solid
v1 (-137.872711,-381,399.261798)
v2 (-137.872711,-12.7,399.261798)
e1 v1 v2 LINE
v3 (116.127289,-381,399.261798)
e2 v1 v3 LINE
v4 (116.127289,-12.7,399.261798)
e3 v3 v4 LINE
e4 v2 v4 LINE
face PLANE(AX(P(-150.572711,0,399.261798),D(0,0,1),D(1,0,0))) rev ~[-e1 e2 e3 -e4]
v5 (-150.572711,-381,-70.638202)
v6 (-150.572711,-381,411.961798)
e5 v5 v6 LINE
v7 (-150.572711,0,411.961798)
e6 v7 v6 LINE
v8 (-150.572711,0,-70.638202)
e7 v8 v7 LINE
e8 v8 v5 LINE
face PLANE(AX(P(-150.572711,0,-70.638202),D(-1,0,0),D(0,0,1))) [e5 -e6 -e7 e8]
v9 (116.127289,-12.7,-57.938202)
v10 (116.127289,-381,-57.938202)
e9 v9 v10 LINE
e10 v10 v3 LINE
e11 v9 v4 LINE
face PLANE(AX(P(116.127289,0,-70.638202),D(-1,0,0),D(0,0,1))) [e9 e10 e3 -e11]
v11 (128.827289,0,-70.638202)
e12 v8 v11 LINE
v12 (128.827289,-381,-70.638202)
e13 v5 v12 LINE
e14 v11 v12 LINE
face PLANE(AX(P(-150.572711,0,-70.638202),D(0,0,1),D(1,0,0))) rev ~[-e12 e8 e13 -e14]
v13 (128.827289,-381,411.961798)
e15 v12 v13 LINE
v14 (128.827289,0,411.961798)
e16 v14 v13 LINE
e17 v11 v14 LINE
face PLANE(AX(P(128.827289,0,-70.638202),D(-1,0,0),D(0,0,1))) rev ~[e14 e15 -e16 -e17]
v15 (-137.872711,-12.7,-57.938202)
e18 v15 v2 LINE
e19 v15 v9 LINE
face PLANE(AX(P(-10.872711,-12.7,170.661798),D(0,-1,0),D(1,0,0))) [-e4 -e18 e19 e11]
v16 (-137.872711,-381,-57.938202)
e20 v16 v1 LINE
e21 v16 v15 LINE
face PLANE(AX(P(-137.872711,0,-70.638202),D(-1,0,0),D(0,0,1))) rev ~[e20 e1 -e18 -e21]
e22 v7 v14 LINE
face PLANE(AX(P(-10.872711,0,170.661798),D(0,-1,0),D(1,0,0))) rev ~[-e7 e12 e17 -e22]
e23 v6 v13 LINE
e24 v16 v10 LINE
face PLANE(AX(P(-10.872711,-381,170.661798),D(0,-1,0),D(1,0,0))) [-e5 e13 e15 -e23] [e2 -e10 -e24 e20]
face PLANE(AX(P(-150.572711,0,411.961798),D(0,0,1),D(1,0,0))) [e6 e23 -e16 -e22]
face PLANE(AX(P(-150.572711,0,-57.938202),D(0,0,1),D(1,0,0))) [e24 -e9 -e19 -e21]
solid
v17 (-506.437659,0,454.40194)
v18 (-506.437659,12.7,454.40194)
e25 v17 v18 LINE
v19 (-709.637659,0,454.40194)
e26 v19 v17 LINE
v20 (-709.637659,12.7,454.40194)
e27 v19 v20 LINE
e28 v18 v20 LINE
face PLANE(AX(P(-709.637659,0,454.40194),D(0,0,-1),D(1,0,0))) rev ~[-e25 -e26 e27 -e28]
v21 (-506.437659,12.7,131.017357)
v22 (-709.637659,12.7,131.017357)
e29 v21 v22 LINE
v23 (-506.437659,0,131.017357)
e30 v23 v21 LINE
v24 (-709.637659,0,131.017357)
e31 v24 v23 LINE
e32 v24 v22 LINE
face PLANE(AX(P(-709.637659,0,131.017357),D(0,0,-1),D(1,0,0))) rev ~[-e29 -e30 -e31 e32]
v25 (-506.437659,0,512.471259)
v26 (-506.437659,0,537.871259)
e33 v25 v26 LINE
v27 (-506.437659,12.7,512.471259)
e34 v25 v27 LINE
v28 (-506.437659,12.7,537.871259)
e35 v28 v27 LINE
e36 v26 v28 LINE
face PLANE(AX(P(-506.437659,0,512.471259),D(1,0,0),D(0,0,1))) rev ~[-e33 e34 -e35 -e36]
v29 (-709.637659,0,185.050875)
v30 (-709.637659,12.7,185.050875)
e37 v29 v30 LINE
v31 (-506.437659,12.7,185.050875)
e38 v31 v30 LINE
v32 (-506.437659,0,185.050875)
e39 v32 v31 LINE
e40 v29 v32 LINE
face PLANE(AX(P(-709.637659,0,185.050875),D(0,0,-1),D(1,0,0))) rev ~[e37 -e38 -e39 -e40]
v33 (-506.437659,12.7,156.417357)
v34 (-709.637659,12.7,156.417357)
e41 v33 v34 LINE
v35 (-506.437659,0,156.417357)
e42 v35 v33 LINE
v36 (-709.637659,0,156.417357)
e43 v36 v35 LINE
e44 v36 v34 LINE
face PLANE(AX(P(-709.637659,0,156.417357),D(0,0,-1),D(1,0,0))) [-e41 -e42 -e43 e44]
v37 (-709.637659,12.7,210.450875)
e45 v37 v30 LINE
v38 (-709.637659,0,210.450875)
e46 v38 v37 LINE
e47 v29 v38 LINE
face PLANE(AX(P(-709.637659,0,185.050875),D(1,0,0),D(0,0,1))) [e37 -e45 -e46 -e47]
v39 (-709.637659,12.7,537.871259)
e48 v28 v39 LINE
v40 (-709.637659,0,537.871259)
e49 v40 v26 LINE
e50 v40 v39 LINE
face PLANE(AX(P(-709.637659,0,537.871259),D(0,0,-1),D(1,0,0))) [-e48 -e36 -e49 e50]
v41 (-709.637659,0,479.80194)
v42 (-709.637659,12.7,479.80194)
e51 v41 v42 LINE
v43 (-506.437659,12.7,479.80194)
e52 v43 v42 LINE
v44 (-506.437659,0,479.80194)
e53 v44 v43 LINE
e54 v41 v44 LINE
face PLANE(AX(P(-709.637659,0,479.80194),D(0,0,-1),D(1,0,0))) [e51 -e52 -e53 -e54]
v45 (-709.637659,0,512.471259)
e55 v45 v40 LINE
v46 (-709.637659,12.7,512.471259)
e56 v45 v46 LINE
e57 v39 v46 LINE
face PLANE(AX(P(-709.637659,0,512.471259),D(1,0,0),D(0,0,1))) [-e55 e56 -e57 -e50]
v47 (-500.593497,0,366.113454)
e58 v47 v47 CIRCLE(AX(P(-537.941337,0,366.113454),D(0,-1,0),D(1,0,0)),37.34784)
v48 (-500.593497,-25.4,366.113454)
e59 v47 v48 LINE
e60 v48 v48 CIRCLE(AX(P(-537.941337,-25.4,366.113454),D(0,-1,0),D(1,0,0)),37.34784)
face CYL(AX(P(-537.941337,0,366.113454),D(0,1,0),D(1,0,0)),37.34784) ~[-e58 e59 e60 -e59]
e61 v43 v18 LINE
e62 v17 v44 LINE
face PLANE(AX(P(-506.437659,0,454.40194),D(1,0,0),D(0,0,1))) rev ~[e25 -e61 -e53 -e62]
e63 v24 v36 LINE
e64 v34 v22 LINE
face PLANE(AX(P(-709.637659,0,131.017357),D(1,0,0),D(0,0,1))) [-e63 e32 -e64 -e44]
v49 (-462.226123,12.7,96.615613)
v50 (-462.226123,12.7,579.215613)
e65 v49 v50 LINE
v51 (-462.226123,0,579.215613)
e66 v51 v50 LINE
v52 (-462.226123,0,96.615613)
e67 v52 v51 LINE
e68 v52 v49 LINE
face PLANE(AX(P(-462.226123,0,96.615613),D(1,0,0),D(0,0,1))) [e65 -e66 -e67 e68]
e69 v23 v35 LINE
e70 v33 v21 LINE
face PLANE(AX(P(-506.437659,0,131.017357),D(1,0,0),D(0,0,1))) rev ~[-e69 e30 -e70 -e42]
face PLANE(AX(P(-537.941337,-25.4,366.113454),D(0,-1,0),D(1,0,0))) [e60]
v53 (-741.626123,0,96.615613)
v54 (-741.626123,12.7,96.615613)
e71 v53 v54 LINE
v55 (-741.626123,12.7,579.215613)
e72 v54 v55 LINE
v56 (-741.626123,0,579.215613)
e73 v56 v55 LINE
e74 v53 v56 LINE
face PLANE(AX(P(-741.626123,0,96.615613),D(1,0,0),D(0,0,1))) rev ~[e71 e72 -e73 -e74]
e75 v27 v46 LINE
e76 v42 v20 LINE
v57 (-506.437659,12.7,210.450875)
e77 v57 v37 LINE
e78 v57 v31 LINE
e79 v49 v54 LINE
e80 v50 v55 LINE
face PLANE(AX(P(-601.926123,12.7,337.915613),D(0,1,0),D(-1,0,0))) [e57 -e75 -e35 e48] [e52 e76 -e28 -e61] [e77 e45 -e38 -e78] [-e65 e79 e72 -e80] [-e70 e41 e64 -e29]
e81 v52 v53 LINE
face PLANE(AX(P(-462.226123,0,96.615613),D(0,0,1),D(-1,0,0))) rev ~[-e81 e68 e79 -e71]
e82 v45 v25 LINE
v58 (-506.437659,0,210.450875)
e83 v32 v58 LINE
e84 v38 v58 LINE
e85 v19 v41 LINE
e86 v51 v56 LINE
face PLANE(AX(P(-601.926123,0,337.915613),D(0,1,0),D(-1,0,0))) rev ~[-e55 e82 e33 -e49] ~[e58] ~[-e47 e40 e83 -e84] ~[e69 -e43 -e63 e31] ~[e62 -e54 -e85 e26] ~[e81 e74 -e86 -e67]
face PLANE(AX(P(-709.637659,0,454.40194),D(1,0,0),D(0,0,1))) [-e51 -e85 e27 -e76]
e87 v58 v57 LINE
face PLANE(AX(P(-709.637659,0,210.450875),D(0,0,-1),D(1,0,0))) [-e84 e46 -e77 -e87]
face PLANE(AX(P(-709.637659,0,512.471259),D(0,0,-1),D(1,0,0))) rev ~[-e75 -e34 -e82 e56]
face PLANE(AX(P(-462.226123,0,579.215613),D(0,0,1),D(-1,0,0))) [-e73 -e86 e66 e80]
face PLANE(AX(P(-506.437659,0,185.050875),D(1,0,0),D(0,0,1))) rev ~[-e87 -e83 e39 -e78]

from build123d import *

# Parameters (mm, degrees)
F0_W     = 279.4
F0_H     = 482.6
F1_DEPTH = 381
F2_W     = 279.4
F2_H     = 482.6
F3_DEPTH = 12.7
F4_T     = -12.7
F5_W     = 203.2
F5_H     = 25.4
F6_DEPTH = 25.4
F7_R     = 37.34784
F8_DEPTH = 25.4


with BuildPart() as f1:
    # F0 (on Front) → F1 (new body)
    with BuildSketch(Plane.XZ):
        with Locations((-10.872711, 170.661798)):
            Rectangle(F0_W, F0_H)
    extrude(amount=F1_DEPTH)

    # F4
    f4_openings = [f1.faces().sort_by_distance(p)[0] for p in [
        (-10.872711, -381, 170.661798),
    ]]
    offset(amount=F4_T, openings=f4_openings)


with BuildPart() as f3:
    # F2 (on face) → F3 (new body)
    with BuildSketch(Plane(origin=(0, 0, 0), x_dir=(-1, 0, 0), z_dir=(0, 1, 0))):
        with Locations((601.926123, 337.915613)):
            Rectangle(F2_W, F2_H)
    extrude(amount=F3_DEPTH)

    # F5 (on face) → F6 (cut)
    with BuildSketch(Plane.XZ):
        with Locations((-608.037659, 525.171259)):
            Rectangle(F5_W, F5_H)
        with Locations((-608.037659, 467.10194)):
            Rectangle(F5_W, F5_H)
        with Locations((-608.037659, 197.750875)):
            Rectangle(F5_W, F5_H)
        with Locations((-608.037659, 143.717357)):
            Rectangle(F5_W, F5_H)
    extrude(amount=-F6_DEPTH, mode=Mode.SUBTRACT)

    # F7 (on face) → F8 (join)
    with BuildSketch(Plane.XZ):
        with Locations((-537.941337, 366.113454)):
            Circle(F7_R)
    extrude(amount=F8_DEPTH)


solid = Compound([f1.part, f3.part])
